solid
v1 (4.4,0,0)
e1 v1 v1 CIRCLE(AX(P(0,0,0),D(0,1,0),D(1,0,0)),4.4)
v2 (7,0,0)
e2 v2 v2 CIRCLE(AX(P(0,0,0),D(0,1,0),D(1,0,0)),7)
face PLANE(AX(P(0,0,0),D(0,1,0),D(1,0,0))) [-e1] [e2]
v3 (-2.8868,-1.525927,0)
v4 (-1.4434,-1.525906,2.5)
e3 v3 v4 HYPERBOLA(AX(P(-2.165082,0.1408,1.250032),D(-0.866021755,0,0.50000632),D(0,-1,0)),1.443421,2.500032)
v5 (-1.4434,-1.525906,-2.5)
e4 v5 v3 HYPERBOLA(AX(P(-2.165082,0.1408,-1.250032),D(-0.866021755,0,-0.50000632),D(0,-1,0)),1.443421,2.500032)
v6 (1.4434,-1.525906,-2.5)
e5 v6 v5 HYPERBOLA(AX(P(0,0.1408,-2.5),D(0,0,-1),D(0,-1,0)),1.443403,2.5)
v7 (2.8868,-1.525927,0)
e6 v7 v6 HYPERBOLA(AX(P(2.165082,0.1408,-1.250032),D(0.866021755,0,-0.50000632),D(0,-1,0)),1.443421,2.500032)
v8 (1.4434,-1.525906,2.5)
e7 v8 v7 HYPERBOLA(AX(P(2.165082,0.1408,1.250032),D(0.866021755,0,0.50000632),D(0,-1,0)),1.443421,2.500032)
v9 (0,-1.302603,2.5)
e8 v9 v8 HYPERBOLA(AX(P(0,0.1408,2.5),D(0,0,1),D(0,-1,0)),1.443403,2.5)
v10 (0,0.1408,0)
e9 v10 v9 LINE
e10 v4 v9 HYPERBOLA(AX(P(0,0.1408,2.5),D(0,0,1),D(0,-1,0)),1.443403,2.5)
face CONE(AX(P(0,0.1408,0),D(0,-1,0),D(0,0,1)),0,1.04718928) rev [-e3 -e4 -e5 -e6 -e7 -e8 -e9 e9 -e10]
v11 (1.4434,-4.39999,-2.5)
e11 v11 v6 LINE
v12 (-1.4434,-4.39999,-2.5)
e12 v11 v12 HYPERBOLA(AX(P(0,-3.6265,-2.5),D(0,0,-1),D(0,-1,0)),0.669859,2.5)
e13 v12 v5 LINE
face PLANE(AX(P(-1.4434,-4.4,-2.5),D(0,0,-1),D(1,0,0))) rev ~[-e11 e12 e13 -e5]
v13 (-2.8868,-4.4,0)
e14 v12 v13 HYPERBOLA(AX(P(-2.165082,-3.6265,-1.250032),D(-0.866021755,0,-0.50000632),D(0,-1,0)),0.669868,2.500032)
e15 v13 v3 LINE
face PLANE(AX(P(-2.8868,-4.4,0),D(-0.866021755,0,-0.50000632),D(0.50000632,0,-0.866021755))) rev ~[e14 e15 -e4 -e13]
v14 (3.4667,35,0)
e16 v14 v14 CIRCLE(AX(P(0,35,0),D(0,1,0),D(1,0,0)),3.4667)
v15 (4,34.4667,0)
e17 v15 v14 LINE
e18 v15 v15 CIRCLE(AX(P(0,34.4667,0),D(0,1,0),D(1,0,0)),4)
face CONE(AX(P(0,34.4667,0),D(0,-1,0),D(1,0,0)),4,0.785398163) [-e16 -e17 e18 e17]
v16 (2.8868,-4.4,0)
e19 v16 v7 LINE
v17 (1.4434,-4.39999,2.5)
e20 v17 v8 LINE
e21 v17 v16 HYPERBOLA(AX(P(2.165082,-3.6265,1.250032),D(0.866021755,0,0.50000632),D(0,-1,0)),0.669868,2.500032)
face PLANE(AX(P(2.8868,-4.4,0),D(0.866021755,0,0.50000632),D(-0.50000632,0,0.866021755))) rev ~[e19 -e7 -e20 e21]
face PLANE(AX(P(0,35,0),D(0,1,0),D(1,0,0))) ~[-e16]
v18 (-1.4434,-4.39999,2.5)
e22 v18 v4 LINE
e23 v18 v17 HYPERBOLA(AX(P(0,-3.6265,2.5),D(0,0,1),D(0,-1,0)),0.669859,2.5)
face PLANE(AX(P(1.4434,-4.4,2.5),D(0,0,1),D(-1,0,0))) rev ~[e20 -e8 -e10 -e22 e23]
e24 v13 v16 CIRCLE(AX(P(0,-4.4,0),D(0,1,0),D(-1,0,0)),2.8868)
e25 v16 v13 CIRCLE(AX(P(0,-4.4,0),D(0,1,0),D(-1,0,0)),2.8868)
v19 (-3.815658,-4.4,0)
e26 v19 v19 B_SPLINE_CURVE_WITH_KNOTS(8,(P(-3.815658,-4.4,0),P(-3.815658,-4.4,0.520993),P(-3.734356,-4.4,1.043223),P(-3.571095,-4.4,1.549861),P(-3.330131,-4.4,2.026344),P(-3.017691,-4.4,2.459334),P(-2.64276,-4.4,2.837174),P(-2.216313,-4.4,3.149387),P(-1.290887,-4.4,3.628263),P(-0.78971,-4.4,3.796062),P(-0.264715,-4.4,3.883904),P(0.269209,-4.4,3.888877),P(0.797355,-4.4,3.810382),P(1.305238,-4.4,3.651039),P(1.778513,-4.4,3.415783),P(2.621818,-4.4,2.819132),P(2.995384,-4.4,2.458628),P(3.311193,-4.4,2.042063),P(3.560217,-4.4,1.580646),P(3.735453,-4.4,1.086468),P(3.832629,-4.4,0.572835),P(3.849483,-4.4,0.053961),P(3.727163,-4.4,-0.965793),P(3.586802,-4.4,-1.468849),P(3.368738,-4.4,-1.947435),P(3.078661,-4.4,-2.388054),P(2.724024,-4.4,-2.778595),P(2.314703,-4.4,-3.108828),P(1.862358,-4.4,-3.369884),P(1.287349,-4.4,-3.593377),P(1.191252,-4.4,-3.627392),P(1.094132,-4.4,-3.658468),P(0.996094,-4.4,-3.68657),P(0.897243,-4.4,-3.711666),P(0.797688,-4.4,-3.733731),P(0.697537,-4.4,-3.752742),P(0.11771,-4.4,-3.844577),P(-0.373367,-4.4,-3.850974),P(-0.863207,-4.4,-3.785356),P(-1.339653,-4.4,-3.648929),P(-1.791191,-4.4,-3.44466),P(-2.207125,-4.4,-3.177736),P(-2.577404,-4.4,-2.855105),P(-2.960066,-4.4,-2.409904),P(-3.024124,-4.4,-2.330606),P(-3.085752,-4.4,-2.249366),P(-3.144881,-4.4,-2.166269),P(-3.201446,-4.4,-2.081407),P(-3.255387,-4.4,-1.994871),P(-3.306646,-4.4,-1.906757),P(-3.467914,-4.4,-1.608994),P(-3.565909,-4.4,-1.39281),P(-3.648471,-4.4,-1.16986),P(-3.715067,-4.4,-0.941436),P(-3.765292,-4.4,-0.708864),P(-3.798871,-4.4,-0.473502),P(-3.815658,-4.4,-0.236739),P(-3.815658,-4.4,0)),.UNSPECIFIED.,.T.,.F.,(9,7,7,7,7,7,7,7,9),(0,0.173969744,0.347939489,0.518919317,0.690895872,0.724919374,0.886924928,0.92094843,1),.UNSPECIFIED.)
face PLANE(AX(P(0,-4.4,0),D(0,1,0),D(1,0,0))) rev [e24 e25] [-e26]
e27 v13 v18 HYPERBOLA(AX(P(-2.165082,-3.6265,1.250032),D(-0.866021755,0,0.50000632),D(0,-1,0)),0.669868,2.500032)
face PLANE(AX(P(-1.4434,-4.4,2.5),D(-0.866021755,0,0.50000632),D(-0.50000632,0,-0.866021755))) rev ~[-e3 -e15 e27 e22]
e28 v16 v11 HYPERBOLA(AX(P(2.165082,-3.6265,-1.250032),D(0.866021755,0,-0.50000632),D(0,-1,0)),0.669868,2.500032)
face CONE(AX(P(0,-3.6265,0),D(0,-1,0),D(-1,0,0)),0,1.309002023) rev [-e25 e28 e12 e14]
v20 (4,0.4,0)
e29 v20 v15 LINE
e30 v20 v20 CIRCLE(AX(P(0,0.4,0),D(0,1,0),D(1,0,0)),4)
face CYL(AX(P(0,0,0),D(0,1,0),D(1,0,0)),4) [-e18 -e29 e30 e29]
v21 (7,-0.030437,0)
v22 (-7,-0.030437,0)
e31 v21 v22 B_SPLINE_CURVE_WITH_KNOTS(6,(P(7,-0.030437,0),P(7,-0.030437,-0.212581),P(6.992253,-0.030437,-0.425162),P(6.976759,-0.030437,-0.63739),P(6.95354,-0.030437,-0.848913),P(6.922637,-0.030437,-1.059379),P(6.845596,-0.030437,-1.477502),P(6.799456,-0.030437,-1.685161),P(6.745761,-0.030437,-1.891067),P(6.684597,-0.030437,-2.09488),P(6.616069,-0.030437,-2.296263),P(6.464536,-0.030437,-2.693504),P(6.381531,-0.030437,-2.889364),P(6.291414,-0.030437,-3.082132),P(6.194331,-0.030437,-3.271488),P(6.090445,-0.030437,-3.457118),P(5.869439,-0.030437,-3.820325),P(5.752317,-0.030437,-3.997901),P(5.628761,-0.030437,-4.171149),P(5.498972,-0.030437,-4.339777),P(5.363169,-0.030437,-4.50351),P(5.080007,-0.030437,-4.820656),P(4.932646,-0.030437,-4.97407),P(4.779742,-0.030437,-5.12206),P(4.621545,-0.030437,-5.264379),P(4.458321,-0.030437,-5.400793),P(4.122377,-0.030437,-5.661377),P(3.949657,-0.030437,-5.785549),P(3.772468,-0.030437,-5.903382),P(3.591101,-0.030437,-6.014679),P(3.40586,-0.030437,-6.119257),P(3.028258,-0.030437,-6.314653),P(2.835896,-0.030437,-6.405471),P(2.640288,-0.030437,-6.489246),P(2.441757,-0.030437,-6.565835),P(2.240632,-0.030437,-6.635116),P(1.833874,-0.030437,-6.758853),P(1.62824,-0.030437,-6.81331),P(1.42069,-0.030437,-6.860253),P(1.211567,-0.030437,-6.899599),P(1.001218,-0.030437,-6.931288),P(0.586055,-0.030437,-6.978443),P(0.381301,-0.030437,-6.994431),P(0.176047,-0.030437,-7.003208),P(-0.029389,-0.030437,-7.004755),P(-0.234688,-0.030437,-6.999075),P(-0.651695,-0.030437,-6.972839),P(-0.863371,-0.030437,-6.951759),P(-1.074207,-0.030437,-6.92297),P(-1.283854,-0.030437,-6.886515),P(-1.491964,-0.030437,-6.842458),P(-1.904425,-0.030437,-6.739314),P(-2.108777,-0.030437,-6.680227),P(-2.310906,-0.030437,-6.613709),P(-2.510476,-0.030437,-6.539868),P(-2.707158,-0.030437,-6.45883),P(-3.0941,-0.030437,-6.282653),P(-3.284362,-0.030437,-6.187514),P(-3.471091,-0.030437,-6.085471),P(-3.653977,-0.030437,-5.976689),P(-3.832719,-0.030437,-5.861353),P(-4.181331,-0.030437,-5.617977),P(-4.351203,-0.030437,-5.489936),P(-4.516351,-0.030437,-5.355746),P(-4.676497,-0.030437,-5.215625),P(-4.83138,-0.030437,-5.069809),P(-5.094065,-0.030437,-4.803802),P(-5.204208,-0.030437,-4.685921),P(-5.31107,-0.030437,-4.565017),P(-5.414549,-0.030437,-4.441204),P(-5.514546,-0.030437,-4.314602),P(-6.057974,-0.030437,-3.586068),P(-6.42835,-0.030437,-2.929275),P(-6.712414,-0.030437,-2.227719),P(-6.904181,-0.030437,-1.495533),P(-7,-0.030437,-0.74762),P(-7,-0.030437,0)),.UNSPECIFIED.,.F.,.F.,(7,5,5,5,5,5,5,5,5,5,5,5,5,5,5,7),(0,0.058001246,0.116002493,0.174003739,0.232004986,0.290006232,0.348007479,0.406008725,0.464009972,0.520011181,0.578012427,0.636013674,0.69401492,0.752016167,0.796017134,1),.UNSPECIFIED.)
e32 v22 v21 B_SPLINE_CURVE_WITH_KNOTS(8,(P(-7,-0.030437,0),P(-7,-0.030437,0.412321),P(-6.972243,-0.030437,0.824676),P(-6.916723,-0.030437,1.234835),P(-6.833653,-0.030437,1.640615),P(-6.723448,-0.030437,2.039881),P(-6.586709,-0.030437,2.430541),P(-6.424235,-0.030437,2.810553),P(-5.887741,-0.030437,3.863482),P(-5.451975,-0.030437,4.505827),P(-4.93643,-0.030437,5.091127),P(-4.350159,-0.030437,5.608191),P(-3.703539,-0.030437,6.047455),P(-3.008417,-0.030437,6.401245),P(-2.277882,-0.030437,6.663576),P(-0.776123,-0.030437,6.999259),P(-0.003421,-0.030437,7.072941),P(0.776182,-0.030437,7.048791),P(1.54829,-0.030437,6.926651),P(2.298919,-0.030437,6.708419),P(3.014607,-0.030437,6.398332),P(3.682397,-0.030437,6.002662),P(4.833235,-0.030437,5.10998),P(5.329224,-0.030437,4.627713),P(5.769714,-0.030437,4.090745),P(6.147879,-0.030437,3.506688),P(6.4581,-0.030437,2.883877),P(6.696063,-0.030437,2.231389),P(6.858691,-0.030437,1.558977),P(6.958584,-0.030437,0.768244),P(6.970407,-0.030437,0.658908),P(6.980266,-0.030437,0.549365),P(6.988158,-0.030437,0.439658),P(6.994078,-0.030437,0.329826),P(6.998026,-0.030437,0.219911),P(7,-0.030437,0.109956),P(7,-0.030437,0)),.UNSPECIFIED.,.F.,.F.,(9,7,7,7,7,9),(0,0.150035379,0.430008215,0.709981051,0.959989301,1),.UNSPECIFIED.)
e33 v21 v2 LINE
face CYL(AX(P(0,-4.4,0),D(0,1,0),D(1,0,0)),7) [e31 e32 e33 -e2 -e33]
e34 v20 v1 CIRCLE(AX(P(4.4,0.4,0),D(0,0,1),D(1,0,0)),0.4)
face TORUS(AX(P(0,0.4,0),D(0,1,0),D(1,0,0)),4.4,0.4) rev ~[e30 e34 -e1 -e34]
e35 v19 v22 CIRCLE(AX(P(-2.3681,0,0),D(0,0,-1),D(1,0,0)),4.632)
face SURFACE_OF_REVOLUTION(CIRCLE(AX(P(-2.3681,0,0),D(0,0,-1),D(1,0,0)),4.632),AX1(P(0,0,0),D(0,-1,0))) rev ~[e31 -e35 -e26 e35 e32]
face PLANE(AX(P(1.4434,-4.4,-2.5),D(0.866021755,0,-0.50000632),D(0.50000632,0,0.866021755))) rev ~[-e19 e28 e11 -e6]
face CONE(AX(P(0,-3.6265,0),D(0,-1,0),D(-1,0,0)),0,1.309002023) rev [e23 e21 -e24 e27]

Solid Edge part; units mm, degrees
sketch "Sketch1" plane through (0, 0, 0) normal (0, 0, 1) x (1, 0, 0)
  line L0 (4, 0) -> (4, 35)
  line L1 (0, 35) -> (4, 35)
  line L2 (0, 0) -> (0, 35)
  line L3 (0, 0) -> (0, -4.4)
  line L4 (0, -4.4) -> (7, -4.4)
  line L5 (7, -4.4) -> (7, 0)
  line L6 (7, 0) -> (4, 0)
revolve "RevolvedProtrusion1" add sketch "Sketch1" angle 360 about axis through (0, 0, 0) along (0, 1, 0)
sketch "Sketch2" plane through (0, 0, 0) normal (1, 0, 0) x (0, 1, 0)
  line L0 (-4.4, 3.3615) -> (-1.8, 3.3615)
  line L1 (0.1408, 0) -> (-1.8, 3.3615)
  line L2 (-4.4, 0) -> (0.1408, 0)
  line L3 (-4.4, 0) -> (-4.4, 3.3615)
revolve "RevolvedCutout1" cut sketch "Sketch2" angle 360 about axis through (0, -4.5, 0) along (0, 1, 0)
sketch "Sketch3" plane through (0, -4.4, 0) normal (0, -1, 0) x (0, 0, 1)
  circle A0 centre (0, 0) radius 3.3615
  line L0 (-2.5, -1.4434) -> (0, -2.8868)
  line L1 (0, -2.8868) -> (2.5, -1.4434)
  line L2 (2.5, -1.4434) -> (2.5, 1.4434)
  line L3 (2.5, 1.4434) -> (0, 2.8868)
  line L4 (0, 2.8868) -> (-2.5, 1.4434)
  line L5 (-2.5, 1.4434) -> (-2.5, -1.4434)
  dimension "D1" = 5
extrude "Protrusion1" add sketch "Sketch3" against normal up to next
sketch "Sketch4" plane through (0, 0, 0) normal (0, 0, 1) x (1, 0, 0)
  line L0 (-2.8868, -4.4) -> (0, -4.4)
  line L1 (0, -4.4) -> (0, -3.6265)
  line L2 (0, -3.6265) -> (-2.8868, -4.4)
revolve "RevolvedCutout2" cut sketch "Sketch4" angle 360 about axis through (0, -4.5, 0) along (0, 1, 0)
fillet "Round1" radius 0.4 1 edges at (0, 0, -4)
chamfer "倒斜角_2" distance 0.5333 angle 45 1 edges at (0, 35, -4)
cosmetic_thread "螺纹_3" size "M8" thread depth 32.5
sketch "Sketch5" plane through (0, 0, 0) normal (0, 0, 1) x (1, 0, 0)
  arc A0 (-3.8153, -4.4) -> (-7, 0) centre (-2.3681, 0) cw
revolve "RevolvedCutout3" cut sketch "Sketch5" angle 360 about axis through (0, 0, 0) along (0, -1, 0) material side at (-6.1609, -2.7452, 0)
